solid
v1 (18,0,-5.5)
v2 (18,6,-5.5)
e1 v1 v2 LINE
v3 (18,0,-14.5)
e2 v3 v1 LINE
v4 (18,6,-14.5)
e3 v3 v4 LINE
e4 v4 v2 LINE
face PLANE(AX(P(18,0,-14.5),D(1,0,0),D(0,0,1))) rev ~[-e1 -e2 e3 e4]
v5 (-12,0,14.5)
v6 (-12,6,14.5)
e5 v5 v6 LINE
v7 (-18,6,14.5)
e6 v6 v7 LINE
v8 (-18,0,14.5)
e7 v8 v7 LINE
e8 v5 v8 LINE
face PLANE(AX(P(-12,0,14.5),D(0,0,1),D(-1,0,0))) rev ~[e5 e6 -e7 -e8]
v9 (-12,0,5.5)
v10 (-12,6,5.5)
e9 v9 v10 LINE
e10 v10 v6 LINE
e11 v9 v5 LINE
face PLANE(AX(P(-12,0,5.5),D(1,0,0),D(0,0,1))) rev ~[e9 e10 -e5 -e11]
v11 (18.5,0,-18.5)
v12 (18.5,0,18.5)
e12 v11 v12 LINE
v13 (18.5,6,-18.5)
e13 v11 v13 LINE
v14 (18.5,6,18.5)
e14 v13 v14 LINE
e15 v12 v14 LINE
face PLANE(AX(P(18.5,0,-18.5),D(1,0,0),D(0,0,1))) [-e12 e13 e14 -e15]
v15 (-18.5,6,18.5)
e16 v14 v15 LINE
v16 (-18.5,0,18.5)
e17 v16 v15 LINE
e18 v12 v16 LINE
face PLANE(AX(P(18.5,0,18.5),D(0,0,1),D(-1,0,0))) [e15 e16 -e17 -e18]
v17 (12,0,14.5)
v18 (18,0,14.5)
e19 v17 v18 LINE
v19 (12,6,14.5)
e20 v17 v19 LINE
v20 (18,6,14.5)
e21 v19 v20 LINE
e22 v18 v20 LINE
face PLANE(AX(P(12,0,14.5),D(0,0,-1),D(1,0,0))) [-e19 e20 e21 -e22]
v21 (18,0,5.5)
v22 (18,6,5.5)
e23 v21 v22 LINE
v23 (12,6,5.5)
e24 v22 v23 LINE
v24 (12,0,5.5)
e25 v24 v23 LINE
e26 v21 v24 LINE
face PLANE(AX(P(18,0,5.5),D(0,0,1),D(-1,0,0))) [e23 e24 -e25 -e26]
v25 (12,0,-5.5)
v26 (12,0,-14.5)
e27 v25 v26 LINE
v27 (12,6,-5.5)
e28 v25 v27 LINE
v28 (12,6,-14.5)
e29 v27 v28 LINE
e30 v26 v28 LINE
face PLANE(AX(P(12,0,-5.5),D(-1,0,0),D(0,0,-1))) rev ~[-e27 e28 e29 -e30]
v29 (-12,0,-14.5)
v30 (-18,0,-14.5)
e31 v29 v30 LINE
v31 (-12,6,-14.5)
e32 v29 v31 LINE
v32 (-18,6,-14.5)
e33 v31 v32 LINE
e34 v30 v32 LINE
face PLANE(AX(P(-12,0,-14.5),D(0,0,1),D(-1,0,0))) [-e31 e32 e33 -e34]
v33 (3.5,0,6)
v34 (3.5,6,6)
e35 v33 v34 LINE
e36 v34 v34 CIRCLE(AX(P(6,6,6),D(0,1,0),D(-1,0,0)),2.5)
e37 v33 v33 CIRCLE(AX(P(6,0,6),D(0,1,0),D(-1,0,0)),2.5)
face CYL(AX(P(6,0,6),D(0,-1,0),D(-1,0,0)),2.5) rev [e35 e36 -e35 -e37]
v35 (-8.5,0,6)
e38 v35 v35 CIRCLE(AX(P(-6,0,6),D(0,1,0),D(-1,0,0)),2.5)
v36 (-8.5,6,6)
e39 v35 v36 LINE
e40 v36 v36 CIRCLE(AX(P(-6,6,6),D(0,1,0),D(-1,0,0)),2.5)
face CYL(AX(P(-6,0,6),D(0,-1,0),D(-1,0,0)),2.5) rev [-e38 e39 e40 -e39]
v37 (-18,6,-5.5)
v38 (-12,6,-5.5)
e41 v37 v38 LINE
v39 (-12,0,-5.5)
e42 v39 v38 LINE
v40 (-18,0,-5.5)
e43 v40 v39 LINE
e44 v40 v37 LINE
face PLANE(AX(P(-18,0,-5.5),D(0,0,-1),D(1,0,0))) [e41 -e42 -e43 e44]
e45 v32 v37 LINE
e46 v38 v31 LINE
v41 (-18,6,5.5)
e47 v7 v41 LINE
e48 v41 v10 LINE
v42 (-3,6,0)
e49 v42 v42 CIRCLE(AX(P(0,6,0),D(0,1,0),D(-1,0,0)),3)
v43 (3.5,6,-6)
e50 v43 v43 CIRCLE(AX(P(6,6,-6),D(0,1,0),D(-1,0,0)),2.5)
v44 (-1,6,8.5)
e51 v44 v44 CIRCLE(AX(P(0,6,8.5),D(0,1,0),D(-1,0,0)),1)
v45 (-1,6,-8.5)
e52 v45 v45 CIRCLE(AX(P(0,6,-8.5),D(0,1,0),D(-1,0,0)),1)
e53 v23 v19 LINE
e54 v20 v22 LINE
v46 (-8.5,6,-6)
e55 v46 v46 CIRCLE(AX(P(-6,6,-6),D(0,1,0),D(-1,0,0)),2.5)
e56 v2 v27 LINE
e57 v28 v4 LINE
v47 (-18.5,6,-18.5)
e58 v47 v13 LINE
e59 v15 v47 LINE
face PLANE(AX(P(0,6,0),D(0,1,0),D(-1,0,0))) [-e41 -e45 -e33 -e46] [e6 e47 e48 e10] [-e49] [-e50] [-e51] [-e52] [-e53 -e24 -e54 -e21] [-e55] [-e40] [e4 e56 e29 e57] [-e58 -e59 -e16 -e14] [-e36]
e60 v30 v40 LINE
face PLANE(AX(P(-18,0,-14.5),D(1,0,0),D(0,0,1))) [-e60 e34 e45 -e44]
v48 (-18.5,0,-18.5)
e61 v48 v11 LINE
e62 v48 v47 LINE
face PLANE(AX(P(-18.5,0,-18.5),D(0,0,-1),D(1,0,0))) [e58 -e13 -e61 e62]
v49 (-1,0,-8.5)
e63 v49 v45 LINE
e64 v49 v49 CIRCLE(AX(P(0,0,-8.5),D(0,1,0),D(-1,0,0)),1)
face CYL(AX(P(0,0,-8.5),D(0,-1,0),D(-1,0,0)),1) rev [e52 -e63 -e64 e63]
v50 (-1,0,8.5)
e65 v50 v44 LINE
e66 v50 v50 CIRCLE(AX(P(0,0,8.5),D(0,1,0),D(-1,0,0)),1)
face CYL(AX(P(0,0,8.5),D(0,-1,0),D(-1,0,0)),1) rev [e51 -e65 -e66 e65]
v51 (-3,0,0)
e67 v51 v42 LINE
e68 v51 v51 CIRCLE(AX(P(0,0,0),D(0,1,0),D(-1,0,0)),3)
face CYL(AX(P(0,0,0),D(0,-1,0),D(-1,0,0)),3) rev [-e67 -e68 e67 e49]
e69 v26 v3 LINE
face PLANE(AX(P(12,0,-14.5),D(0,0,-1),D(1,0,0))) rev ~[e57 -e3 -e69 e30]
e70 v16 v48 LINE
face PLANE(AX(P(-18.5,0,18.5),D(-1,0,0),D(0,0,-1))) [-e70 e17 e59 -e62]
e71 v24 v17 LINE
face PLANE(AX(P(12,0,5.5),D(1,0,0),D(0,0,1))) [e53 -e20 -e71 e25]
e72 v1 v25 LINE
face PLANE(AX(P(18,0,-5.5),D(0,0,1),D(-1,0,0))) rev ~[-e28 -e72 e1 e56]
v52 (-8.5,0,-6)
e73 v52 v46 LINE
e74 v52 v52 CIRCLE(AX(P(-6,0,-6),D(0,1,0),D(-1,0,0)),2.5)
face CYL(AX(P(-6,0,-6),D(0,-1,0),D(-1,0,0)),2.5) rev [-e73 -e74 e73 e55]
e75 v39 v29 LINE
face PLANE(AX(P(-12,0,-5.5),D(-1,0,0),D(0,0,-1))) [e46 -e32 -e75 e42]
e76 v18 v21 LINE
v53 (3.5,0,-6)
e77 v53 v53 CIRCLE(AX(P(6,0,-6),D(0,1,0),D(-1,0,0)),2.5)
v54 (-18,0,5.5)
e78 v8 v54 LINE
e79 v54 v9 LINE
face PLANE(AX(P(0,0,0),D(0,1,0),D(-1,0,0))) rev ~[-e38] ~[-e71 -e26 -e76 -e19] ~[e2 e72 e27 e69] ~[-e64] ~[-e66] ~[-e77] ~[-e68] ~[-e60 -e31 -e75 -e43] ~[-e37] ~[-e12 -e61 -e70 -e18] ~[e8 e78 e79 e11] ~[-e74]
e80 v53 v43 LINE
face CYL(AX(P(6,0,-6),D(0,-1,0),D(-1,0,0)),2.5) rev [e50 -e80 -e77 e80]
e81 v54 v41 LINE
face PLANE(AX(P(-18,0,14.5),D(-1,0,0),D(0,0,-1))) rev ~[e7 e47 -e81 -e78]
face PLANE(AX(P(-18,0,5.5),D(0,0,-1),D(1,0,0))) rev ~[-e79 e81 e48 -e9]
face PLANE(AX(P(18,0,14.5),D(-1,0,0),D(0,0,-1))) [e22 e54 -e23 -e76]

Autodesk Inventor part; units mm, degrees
ref_plane "YZ Plane" through (0, 0, 0) normal (1, 0, 0) x (0, 1, 0)
ref_plane "XZ Plane" through (0, 0, 0) normal (0, 1, 0) x (-1, 0, 0)
ref_plane "XY Plane" through (0, 0, 0) normal (0, 0, 1) x (1, 0, 0)
sketch "Sketch2" plane through (0, 0, 0) normal (0, 1, 0) x (-1, 0, 0)
  line L0 (-18.5, 18.5) -> (18.5, 18.5)
  line L1 (18.5, 18.5) -> (18.5, -18.5)
  line L2 (18.5, -18.5) -> (-18.5, -18.5)
  line L3 (-18.5, -18.5) -> (-18.5, 18.5)
  line L4 (-18.5, 18.5) -> (18.5, -18.5) construction
  line L5 (18.5, 18.5) -> (-18.5, -18.5) construction
  line L6 (12, -14.5) -> (18, -14.5)
  line L7 (18, -14.5) -> (18, -5.5)
  line L8 (18, -5.5) -> (12, -5.5)
  line L9 (12, -5.5) -> (12, -14.5)
  line L10 (12, -14.5) -> (18, -5.5) construction
  line L11 (18, -14.5) -> (12, -5.5) construction
  line L12 (0, 18.5) -> (0, -18.5) construction
  line L13 (18.5, 0) -> (-18.5, 0) construction
  circle A0 centre (0, 0) radius 3
  circle A1 centre (6, -6) radius 2.5
  circle A2 centre (-6, 6) radius 2.5
  circle A3 centre (0, -8.5) radius 1
  line L14 (12, 14.5) -> (18, 14.5)
  line L15 (18, 14.5) -> (18, 5.5)
  line L16 (18, 5.5) -> (12, 5.5)
  line L17 (12, 5.5) -> (12, 14.5)
  line L18 (12, 14.5) -> (18, 5.5) construction
  line L19 (18, 14.5) -> (12, 5.5) construction
  line L20 (-12, -14.5) -> (-18, -14.5)
  line L21 (-18, -14.5) -> (-18, -5.5)
  line L22 (-18, -5.5) -> (-12, -5.5)
  line L23 (-12, -5.5) -> (-12, -14.5)
  line L24 (-12, -14.5) -> (-18, -5.5) construction
  line L25 (-18, -14.5) -> (-12, -5.5) construction
  line L26 (-12, 5.5) -> (-12, 14.5)
  line L27 (-12, 14.5) -> (-18, 14.5)
  line L28 (-18, 14.5) -> (-18, 5.5)
  line L29 (-12, 14.5) -> (-18, 5.5) construction
  line L30 (-18, 14.5) -> (-12, 5.5) construction
  line L31 (-18, 5.5) -> (-12, 5.5)
  circle A4 centre (6, 6) radius 2.5
  circle A5 centre (-6, -6) radius 2.5
  circle A6 centre (0, 8.5) radius 1
  point P0 (15, -10)
  point P1 (15, 10)
  point P2 (-15, -10)
  point P3 (-15, 10)
  dimension "d0" = 37
  dimension "d1" = 37
  dimension "d3" = 9
  dimension "d5" = 6
  dimension "d8" = 5
  dimension "d10" = 6
  dimension "d11" = 6
  dimension "d23" = 2
  dimension "d27" = 6
  dimension "d32" = 14.5
  dimension "d33" = 12
  dimension "d35" = 8.5
  dimension "d36" = 12
extrude "Extrusion1" add sketch "Sketch2" along normal blind 6
equation "\"d0\" = d1"
equation "\"d11\" = d10"
properties part number "thumper-base-v3"
